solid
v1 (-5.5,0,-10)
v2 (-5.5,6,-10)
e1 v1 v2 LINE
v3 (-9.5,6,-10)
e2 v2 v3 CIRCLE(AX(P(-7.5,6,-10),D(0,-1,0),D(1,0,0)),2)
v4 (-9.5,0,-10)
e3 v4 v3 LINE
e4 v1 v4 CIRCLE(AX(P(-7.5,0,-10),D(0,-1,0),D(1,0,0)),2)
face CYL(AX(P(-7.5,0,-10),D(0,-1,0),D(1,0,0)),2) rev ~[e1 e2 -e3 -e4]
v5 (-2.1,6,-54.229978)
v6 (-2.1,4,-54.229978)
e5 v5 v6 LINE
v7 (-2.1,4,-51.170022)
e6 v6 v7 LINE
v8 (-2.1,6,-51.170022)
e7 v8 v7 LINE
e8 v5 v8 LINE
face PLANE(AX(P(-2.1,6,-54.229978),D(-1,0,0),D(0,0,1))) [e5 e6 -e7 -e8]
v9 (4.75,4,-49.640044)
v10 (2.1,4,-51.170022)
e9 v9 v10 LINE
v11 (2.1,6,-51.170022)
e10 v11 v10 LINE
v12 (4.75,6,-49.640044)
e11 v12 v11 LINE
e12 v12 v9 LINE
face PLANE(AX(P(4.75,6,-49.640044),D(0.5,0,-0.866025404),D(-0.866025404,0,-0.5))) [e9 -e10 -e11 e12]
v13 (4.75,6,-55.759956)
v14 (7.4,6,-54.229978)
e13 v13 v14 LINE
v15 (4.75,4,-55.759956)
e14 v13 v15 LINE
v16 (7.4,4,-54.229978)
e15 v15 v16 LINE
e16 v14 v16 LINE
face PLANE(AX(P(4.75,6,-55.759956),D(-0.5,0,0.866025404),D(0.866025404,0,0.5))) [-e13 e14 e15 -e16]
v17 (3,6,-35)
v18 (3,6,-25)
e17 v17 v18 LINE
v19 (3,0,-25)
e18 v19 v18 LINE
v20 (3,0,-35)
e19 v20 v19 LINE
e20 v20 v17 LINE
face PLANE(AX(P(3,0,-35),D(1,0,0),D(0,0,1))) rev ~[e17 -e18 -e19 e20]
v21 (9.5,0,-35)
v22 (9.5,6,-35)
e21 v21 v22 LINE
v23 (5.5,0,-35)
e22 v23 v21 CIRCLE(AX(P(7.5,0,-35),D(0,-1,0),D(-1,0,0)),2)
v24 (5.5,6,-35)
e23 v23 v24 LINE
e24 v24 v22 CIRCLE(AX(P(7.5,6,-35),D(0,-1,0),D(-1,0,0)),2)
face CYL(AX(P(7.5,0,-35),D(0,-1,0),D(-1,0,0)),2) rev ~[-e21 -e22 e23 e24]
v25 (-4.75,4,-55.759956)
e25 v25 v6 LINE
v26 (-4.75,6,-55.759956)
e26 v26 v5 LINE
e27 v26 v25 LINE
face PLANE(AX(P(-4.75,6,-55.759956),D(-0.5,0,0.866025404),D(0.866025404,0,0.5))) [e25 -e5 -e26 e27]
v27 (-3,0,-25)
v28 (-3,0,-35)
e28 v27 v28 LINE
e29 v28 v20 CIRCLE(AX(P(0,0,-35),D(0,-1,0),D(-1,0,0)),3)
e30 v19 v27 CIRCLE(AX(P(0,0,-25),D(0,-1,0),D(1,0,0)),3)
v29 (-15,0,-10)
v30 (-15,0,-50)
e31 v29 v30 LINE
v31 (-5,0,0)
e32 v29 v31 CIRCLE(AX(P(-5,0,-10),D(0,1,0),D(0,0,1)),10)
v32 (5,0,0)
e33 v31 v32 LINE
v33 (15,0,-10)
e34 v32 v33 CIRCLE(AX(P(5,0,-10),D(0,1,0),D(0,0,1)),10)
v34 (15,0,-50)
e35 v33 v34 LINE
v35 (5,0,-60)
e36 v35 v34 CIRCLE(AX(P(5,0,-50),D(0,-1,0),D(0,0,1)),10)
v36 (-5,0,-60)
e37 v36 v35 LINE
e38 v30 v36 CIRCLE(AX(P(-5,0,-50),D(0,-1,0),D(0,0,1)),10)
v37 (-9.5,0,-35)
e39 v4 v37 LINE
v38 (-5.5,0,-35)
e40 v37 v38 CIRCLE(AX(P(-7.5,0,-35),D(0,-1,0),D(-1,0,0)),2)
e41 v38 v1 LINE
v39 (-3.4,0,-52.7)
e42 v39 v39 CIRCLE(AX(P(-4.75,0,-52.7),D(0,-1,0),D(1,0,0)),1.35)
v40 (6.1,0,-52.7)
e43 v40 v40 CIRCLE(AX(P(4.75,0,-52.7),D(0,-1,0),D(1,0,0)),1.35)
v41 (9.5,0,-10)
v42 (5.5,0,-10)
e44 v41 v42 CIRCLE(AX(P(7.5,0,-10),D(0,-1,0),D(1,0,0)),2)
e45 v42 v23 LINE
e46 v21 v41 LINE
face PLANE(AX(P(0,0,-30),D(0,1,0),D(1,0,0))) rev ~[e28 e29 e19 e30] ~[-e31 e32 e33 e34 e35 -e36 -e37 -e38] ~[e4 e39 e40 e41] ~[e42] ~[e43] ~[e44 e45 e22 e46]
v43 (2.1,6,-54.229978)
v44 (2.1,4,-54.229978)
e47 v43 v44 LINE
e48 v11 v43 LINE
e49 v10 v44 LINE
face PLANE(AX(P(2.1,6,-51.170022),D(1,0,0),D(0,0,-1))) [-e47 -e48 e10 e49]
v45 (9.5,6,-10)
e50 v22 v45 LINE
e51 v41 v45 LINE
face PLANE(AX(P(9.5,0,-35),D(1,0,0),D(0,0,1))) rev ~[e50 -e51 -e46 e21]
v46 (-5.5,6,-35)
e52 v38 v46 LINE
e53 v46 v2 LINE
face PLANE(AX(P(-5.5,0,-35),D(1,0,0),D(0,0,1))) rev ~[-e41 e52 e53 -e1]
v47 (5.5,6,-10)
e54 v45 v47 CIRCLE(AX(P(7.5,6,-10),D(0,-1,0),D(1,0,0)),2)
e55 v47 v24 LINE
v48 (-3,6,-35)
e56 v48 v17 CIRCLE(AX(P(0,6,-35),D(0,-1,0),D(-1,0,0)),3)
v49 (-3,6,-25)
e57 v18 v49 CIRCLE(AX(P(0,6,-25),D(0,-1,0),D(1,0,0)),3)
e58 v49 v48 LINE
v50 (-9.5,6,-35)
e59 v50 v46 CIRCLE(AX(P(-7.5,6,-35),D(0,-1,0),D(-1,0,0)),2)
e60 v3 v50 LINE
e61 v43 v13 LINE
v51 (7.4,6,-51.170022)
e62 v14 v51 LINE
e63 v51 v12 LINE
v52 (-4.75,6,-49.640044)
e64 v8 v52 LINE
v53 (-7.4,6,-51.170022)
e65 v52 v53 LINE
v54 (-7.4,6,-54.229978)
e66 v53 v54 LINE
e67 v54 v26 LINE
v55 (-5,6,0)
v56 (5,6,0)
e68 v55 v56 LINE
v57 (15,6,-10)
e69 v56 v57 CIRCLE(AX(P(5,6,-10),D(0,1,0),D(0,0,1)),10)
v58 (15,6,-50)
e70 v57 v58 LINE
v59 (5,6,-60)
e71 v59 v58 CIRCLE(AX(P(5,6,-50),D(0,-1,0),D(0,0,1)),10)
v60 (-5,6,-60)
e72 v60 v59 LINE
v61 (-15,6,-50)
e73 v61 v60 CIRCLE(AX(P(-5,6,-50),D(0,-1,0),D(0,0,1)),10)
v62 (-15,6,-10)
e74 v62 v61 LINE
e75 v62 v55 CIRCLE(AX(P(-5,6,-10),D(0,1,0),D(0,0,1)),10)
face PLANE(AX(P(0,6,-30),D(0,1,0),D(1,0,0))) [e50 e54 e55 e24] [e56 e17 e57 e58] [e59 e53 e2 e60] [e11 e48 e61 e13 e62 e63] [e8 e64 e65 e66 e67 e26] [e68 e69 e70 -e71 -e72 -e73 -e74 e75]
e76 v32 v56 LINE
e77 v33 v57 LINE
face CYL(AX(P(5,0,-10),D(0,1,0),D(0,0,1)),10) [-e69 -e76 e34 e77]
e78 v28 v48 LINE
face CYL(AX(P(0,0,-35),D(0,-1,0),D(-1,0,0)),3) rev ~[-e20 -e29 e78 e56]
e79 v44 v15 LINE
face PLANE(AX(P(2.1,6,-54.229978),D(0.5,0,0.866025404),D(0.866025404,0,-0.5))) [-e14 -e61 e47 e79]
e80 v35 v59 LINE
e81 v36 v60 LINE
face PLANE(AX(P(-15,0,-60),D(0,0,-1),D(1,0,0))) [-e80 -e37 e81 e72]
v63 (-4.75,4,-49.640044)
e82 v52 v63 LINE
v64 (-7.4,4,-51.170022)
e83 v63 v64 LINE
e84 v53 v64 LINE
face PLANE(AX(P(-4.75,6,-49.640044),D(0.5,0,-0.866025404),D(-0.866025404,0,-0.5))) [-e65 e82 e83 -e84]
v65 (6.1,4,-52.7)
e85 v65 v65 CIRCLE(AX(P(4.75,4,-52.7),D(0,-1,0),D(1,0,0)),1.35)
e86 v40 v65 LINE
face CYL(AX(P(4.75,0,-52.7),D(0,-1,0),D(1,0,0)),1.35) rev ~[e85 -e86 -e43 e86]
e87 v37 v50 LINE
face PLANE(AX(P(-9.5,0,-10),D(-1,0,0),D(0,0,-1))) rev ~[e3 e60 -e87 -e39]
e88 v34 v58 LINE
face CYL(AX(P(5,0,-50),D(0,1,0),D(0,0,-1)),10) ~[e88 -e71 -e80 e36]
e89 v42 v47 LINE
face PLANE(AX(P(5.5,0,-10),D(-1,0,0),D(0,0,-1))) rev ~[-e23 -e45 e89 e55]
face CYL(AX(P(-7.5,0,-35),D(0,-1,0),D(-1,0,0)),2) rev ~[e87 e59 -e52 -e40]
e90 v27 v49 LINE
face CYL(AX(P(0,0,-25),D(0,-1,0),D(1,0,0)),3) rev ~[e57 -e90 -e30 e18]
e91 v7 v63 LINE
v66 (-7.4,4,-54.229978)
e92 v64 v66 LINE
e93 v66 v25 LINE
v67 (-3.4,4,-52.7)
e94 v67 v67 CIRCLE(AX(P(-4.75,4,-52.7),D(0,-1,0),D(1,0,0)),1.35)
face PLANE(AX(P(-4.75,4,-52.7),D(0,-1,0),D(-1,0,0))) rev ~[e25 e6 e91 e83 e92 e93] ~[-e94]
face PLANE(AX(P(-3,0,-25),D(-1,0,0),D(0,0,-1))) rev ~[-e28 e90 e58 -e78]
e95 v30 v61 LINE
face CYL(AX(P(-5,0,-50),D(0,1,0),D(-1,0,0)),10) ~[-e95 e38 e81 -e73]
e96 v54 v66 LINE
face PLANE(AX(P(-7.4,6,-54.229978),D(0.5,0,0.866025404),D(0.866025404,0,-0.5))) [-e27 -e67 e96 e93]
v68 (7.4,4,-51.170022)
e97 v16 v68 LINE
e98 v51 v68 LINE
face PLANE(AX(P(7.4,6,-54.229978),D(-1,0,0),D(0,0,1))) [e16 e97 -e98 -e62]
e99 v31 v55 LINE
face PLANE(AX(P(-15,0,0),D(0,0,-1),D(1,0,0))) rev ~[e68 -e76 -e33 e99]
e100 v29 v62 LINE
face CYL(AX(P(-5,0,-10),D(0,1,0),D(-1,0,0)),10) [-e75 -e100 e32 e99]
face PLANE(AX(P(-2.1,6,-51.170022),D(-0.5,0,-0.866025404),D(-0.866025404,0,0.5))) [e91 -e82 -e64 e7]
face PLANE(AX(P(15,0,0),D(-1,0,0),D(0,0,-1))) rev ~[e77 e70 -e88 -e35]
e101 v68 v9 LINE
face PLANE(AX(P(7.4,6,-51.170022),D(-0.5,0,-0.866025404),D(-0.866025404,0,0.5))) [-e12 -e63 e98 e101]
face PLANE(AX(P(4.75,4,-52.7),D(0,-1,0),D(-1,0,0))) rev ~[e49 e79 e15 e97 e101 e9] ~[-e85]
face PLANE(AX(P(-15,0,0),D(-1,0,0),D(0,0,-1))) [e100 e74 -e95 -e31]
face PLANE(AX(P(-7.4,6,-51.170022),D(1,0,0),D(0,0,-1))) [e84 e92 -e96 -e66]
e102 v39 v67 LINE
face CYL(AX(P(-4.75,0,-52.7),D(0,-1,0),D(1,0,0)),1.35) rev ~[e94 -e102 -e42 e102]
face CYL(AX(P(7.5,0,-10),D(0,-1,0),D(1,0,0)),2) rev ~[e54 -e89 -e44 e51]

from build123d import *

# Parameters (mm, degrees)
CROQUIS2_W              = 30
CROQUIS2_H              = 60
SALIENTE_EXTRUIR1_DEPTH = 6
REDONDEO1_R             = 10
REDONDEO2_R             = 10
CROQUIS3_R              = 1.35
CORTAR_EXTRUIR1_DEPTH   = 7
CORTAR_EXTRUIR2_DEPTH   = 2


with BuildPart() as part:
    # Croquis2 → Saliente-Extruir1 (new body)
    with BuildSketch(Plane(origin=(0, 0, 0), x_dir=(1, 0, 0), z_dir=(0, 1, 0))):
        with Locations((0, 30)):
            Rectangle(CROQUIS2_W, CROQUIS2_H)
        with BuildLine():
            Line((-5.5, 35), (-5.5, 10))
            ThreePointArc((-5.5, 10), (-7.5, 8), (-9.5, 10))
            Line((-9.5, 10), (-9.5, 35))
            ThreePointArc((-9.5, 35), (-7.5, 37), (-5.5, 35))
        make_face(mode=Mode.SUBTRACT)
        with BuildLine():
            Line((9.5, 35), (9.5, 10))
            ThreePointArc((9.5, 10), (7.5, 8), (5.5, 10))
            Line((5.5, 10), (5.5, 35))
            ThreePointArc((5.5, 35), (7.5, 37), (9.5, 35))
        make_face(mode=Mode.SUBTRACT)
        with BuildLine():
            Line((3, 35), (3, 25))
            ThreePointArc((3, 25), (0, 22), (-3, 25))
            Line((-3, 25), (-3, 35))
            ThreePointArc((-3, 35), (0, 38), (3, 35))
        make_face(mode=Mode.SUBTRACT)
    extrude(amount=SALIENTE_EXTRUIR1_DEPTH)

    # Redondeo1
    redondeo1_edges = [part.edges().sort_by_distance(p)[0] for p in [
        (-15, 3, -60),
        (15, 3, -60),
    ]]
    fillet(redondeo1_edges, radius=REDONDEO1_R)

    # Redondeo2
    redondeo2_edges = [part.edges().sort_by_distance(p)[0] for p in [
        (15, 3, 0),
        (-15, 3, 0),
    ]]
    fillet(redondeo2_edges, radius=REDONDEO2_R)

    # Croquis3 → Cortar-Extruir1 (cut, through all)
    with BuildSketch(Plane.XZ):
        with Locations((4.75, -52.7)):
            Circle(CROQUIS3_R)
        with Locations((-4.75, -52.7)):
            Circle(CROQUIS3_R)
    extrude(amount=-CORTAR_EXTRUIR1_DEPTH, mode=Mode.SUBTRACT)

    # Croquis4 → Cortar-Extruir2 (cut)
    with BuildSketch(Plane(origin=(0, 6, 0), x_dir=(-1, 0, 0), z_dir=(0, -1, 0))):
        Polygon((-2.1, 51.170021787), (-2.1, 54.229978213), (-4.75, 55.759956427), (-7.4, 54.229978213), (-7.4, 51.170021787), (-4.75, 49.640043573), align=None)
        Polygon((7.4, 51.170021787), (7.4, 54.229978213), (4.75, 55.759956427), (2.1, 54.229978213), (2.1, 51.170021787), (4.75, 49.640043573), align=None)
    extrude(amount=CORTAR_EXTRUIR2_DEPTH, mode=Mode.SUBTRACT)


solid = part.part
